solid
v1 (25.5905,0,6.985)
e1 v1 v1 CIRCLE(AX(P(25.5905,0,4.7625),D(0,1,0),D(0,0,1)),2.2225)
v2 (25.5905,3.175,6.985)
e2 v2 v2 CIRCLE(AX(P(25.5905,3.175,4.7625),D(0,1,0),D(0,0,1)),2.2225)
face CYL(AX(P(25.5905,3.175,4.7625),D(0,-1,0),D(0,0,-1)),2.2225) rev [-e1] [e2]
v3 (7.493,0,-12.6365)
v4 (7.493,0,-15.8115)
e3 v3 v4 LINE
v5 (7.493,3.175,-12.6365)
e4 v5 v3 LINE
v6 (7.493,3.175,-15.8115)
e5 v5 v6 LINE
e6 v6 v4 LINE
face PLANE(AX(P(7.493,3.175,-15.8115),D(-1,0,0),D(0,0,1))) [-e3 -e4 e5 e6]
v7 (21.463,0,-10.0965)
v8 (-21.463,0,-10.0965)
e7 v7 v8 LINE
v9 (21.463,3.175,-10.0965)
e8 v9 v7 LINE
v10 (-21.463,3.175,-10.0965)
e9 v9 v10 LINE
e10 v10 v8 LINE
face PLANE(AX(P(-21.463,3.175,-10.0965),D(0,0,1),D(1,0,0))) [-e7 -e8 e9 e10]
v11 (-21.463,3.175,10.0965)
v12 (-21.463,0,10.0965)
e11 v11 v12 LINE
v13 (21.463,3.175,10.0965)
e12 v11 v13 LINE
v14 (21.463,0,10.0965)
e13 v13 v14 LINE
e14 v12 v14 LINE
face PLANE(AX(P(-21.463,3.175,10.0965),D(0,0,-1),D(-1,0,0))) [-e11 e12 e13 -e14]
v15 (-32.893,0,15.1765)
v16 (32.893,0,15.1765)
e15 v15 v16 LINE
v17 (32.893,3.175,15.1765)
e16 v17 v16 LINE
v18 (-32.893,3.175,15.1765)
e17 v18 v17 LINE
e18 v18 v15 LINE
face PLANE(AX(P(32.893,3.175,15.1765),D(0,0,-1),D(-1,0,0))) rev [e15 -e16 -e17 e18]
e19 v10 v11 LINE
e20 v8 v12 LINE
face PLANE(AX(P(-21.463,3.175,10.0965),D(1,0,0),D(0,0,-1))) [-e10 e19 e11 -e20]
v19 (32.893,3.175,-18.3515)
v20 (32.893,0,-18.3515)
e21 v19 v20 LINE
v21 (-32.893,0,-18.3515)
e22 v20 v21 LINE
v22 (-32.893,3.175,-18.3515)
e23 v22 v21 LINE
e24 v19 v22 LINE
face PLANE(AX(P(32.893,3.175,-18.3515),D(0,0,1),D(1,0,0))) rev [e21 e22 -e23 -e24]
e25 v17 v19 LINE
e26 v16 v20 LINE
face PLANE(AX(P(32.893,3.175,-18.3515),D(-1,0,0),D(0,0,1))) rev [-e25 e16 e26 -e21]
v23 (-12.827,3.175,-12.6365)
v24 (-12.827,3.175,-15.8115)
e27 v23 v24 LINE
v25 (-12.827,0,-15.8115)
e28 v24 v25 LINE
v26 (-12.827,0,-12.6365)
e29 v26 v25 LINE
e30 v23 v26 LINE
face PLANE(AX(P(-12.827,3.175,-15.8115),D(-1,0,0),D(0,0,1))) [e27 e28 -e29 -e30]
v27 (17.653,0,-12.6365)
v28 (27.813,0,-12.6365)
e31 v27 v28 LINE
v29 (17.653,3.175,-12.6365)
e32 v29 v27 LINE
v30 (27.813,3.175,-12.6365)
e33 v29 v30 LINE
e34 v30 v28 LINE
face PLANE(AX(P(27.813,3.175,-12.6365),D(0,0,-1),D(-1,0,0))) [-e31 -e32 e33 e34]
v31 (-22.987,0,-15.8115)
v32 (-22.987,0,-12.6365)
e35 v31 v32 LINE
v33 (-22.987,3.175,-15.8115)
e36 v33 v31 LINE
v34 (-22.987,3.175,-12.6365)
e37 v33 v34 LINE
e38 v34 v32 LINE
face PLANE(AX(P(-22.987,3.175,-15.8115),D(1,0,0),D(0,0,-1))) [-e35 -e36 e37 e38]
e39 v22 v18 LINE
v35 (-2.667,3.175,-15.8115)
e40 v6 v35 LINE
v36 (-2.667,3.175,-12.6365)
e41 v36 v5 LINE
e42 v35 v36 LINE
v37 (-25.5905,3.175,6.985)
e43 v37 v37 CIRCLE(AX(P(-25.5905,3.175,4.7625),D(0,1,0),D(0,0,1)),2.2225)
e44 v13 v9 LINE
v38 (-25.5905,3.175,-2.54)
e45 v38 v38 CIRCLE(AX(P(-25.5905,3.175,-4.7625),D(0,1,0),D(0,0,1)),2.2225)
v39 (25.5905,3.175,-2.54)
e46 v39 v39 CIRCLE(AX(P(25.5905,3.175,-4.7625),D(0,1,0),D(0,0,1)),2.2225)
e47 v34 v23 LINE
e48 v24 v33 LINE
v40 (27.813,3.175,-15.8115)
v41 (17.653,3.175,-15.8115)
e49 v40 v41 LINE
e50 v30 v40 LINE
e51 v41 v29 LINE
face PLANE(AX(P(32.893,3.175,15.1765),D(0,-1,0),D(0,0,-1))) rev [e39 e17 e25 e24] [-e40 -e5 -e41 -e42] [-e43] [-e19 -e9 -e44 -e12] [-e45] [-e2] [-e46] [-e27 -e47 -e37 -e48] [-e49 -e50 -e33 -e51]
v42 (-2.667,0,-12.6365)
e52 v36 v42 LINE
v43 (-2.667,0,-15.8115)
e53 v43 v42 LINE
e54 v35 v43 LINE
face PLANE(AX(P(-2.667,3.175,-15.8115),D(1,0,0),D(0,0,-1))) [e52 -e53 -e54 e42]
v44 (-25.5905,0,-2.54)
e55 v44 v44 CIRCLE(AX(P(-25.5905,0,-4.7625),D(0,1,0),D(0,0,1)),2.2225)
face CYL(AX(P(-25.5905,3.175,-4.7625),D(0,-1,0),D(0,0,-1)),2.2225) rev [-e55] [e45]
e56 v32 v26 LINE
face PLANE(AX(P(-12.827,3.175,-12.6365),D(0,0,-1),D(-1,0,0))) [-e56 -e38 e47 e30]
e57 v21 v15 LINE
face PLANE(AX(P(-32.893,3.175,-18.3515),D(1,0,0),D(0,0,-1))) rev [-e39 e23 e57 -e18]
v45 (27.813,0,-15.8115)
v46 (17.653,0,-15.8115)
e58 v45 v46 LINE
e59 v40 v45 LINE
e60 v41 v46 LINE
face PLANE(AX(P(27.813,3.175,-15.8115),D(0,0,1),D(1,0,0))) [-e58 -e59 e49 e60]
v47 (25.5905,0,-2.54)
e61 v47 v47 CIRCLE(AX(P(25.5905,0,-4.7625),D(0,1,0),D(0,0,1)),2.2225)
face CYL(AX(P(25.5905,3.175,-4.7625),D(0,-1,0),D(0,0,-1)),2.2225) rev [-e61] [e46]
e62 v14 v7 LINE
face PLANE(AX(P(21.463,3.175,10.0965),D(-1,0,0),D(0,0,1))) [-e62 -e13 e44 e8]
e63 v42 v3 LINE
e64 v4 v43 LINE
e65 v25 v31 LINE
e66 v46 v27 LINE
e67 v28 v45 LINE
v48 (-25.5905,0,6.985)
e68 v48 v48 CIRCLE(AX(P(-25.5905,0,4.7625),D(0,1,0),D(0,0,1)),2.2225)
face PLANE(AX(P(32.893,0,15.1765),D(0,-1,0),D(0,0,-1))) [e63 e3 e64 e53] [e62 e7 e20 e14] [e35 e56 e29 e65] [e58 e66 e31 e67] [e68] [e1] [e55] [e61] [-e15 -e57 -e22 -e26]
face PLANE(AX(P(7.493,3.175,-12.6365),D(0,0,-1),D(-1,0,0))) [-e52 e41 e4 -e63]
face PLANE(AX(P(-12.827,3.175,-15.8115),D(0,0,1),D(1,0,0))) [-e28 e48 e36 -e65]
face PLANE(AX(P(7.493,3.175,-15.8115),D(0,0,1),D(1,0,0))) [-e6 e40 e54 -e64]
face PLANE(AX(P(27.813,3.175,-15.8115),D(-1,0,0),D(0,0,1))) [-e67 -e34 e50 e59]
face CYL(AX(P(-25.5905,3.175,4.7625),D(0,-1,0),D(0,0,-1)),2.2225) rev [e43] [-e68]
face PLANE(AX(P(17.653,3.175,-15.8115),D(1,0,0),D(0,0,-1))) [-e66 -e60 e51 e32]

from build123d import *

# Parameters (mm, degrees)
SKETCH1_W           = 65.786
SKETCH1_H           = 33.528
SKETCH1_R           = 2.2225
SKETCH1_W_2         = 10.16
SKETCH1_H_2         = 3.175
SKETCH1_W_3         = 42.926
SKETCH1_H_3         = 20.193
BOSS_EXTRUDE2_DEPTH = 3.175


with BuildPart() as part:
    # Sketch1 → Boss-Extrude2 (new body)
    with BuildSketch(Plane(origin=(0, 0, 0), x_dir=(1, 0, 0), z_dir=(0, 1, 0))):
        with Locations((0, 1.5875)):
            Rectangle(SKETCH1_W, SKETCH1_H)
        with Locations(Location((-25.5905, 4.7625, 0), (0, 0, 270))):
            Circle(SKETCH1_R, mode=Mode.SUBTRACT)
        with Locations(Location((-25.5905, -4.7625, 0), (0, 0, 270))):
            Circle(SKETCH1_R, mode=Mode.SUBTRACT)
        with Locations(Location((25.5905, 4.7625, 0), (0, 0, 270))):
            Circle(SKETCH1_R, mode=Mode.SUBTRACT)
        with Locations(Location((25.5905, -4.7625, 0), (0, 0, 270))):
            Circle(SKETCH1_R, mode=Mode.SUBTRACT)
        with Locations((22.733, 14.224)):
            Rectangle(SKETCH1_W_2, SKETCH1_H_2, mode=Mode.SUBTRACT)
        with Locations((2.413, 14.224)):
            Rectangle(SKETCH1_W_2, SKETCH1_H_2, mode=Mode.SUBTRACT)
        with Locations((-17.907, 14.224)):
            Rectangle(SKETCH1_W_2, SKETCH1_H_2, mode=Mode.SUBTRACT)
        Rectangle(SKETCH1_W_3, SKETCH1_H_3, mode=Mode.SUBTRACT)
    extrude(amount=BOSS_EXTRUDE2_DEPTH)


solid = part.part
